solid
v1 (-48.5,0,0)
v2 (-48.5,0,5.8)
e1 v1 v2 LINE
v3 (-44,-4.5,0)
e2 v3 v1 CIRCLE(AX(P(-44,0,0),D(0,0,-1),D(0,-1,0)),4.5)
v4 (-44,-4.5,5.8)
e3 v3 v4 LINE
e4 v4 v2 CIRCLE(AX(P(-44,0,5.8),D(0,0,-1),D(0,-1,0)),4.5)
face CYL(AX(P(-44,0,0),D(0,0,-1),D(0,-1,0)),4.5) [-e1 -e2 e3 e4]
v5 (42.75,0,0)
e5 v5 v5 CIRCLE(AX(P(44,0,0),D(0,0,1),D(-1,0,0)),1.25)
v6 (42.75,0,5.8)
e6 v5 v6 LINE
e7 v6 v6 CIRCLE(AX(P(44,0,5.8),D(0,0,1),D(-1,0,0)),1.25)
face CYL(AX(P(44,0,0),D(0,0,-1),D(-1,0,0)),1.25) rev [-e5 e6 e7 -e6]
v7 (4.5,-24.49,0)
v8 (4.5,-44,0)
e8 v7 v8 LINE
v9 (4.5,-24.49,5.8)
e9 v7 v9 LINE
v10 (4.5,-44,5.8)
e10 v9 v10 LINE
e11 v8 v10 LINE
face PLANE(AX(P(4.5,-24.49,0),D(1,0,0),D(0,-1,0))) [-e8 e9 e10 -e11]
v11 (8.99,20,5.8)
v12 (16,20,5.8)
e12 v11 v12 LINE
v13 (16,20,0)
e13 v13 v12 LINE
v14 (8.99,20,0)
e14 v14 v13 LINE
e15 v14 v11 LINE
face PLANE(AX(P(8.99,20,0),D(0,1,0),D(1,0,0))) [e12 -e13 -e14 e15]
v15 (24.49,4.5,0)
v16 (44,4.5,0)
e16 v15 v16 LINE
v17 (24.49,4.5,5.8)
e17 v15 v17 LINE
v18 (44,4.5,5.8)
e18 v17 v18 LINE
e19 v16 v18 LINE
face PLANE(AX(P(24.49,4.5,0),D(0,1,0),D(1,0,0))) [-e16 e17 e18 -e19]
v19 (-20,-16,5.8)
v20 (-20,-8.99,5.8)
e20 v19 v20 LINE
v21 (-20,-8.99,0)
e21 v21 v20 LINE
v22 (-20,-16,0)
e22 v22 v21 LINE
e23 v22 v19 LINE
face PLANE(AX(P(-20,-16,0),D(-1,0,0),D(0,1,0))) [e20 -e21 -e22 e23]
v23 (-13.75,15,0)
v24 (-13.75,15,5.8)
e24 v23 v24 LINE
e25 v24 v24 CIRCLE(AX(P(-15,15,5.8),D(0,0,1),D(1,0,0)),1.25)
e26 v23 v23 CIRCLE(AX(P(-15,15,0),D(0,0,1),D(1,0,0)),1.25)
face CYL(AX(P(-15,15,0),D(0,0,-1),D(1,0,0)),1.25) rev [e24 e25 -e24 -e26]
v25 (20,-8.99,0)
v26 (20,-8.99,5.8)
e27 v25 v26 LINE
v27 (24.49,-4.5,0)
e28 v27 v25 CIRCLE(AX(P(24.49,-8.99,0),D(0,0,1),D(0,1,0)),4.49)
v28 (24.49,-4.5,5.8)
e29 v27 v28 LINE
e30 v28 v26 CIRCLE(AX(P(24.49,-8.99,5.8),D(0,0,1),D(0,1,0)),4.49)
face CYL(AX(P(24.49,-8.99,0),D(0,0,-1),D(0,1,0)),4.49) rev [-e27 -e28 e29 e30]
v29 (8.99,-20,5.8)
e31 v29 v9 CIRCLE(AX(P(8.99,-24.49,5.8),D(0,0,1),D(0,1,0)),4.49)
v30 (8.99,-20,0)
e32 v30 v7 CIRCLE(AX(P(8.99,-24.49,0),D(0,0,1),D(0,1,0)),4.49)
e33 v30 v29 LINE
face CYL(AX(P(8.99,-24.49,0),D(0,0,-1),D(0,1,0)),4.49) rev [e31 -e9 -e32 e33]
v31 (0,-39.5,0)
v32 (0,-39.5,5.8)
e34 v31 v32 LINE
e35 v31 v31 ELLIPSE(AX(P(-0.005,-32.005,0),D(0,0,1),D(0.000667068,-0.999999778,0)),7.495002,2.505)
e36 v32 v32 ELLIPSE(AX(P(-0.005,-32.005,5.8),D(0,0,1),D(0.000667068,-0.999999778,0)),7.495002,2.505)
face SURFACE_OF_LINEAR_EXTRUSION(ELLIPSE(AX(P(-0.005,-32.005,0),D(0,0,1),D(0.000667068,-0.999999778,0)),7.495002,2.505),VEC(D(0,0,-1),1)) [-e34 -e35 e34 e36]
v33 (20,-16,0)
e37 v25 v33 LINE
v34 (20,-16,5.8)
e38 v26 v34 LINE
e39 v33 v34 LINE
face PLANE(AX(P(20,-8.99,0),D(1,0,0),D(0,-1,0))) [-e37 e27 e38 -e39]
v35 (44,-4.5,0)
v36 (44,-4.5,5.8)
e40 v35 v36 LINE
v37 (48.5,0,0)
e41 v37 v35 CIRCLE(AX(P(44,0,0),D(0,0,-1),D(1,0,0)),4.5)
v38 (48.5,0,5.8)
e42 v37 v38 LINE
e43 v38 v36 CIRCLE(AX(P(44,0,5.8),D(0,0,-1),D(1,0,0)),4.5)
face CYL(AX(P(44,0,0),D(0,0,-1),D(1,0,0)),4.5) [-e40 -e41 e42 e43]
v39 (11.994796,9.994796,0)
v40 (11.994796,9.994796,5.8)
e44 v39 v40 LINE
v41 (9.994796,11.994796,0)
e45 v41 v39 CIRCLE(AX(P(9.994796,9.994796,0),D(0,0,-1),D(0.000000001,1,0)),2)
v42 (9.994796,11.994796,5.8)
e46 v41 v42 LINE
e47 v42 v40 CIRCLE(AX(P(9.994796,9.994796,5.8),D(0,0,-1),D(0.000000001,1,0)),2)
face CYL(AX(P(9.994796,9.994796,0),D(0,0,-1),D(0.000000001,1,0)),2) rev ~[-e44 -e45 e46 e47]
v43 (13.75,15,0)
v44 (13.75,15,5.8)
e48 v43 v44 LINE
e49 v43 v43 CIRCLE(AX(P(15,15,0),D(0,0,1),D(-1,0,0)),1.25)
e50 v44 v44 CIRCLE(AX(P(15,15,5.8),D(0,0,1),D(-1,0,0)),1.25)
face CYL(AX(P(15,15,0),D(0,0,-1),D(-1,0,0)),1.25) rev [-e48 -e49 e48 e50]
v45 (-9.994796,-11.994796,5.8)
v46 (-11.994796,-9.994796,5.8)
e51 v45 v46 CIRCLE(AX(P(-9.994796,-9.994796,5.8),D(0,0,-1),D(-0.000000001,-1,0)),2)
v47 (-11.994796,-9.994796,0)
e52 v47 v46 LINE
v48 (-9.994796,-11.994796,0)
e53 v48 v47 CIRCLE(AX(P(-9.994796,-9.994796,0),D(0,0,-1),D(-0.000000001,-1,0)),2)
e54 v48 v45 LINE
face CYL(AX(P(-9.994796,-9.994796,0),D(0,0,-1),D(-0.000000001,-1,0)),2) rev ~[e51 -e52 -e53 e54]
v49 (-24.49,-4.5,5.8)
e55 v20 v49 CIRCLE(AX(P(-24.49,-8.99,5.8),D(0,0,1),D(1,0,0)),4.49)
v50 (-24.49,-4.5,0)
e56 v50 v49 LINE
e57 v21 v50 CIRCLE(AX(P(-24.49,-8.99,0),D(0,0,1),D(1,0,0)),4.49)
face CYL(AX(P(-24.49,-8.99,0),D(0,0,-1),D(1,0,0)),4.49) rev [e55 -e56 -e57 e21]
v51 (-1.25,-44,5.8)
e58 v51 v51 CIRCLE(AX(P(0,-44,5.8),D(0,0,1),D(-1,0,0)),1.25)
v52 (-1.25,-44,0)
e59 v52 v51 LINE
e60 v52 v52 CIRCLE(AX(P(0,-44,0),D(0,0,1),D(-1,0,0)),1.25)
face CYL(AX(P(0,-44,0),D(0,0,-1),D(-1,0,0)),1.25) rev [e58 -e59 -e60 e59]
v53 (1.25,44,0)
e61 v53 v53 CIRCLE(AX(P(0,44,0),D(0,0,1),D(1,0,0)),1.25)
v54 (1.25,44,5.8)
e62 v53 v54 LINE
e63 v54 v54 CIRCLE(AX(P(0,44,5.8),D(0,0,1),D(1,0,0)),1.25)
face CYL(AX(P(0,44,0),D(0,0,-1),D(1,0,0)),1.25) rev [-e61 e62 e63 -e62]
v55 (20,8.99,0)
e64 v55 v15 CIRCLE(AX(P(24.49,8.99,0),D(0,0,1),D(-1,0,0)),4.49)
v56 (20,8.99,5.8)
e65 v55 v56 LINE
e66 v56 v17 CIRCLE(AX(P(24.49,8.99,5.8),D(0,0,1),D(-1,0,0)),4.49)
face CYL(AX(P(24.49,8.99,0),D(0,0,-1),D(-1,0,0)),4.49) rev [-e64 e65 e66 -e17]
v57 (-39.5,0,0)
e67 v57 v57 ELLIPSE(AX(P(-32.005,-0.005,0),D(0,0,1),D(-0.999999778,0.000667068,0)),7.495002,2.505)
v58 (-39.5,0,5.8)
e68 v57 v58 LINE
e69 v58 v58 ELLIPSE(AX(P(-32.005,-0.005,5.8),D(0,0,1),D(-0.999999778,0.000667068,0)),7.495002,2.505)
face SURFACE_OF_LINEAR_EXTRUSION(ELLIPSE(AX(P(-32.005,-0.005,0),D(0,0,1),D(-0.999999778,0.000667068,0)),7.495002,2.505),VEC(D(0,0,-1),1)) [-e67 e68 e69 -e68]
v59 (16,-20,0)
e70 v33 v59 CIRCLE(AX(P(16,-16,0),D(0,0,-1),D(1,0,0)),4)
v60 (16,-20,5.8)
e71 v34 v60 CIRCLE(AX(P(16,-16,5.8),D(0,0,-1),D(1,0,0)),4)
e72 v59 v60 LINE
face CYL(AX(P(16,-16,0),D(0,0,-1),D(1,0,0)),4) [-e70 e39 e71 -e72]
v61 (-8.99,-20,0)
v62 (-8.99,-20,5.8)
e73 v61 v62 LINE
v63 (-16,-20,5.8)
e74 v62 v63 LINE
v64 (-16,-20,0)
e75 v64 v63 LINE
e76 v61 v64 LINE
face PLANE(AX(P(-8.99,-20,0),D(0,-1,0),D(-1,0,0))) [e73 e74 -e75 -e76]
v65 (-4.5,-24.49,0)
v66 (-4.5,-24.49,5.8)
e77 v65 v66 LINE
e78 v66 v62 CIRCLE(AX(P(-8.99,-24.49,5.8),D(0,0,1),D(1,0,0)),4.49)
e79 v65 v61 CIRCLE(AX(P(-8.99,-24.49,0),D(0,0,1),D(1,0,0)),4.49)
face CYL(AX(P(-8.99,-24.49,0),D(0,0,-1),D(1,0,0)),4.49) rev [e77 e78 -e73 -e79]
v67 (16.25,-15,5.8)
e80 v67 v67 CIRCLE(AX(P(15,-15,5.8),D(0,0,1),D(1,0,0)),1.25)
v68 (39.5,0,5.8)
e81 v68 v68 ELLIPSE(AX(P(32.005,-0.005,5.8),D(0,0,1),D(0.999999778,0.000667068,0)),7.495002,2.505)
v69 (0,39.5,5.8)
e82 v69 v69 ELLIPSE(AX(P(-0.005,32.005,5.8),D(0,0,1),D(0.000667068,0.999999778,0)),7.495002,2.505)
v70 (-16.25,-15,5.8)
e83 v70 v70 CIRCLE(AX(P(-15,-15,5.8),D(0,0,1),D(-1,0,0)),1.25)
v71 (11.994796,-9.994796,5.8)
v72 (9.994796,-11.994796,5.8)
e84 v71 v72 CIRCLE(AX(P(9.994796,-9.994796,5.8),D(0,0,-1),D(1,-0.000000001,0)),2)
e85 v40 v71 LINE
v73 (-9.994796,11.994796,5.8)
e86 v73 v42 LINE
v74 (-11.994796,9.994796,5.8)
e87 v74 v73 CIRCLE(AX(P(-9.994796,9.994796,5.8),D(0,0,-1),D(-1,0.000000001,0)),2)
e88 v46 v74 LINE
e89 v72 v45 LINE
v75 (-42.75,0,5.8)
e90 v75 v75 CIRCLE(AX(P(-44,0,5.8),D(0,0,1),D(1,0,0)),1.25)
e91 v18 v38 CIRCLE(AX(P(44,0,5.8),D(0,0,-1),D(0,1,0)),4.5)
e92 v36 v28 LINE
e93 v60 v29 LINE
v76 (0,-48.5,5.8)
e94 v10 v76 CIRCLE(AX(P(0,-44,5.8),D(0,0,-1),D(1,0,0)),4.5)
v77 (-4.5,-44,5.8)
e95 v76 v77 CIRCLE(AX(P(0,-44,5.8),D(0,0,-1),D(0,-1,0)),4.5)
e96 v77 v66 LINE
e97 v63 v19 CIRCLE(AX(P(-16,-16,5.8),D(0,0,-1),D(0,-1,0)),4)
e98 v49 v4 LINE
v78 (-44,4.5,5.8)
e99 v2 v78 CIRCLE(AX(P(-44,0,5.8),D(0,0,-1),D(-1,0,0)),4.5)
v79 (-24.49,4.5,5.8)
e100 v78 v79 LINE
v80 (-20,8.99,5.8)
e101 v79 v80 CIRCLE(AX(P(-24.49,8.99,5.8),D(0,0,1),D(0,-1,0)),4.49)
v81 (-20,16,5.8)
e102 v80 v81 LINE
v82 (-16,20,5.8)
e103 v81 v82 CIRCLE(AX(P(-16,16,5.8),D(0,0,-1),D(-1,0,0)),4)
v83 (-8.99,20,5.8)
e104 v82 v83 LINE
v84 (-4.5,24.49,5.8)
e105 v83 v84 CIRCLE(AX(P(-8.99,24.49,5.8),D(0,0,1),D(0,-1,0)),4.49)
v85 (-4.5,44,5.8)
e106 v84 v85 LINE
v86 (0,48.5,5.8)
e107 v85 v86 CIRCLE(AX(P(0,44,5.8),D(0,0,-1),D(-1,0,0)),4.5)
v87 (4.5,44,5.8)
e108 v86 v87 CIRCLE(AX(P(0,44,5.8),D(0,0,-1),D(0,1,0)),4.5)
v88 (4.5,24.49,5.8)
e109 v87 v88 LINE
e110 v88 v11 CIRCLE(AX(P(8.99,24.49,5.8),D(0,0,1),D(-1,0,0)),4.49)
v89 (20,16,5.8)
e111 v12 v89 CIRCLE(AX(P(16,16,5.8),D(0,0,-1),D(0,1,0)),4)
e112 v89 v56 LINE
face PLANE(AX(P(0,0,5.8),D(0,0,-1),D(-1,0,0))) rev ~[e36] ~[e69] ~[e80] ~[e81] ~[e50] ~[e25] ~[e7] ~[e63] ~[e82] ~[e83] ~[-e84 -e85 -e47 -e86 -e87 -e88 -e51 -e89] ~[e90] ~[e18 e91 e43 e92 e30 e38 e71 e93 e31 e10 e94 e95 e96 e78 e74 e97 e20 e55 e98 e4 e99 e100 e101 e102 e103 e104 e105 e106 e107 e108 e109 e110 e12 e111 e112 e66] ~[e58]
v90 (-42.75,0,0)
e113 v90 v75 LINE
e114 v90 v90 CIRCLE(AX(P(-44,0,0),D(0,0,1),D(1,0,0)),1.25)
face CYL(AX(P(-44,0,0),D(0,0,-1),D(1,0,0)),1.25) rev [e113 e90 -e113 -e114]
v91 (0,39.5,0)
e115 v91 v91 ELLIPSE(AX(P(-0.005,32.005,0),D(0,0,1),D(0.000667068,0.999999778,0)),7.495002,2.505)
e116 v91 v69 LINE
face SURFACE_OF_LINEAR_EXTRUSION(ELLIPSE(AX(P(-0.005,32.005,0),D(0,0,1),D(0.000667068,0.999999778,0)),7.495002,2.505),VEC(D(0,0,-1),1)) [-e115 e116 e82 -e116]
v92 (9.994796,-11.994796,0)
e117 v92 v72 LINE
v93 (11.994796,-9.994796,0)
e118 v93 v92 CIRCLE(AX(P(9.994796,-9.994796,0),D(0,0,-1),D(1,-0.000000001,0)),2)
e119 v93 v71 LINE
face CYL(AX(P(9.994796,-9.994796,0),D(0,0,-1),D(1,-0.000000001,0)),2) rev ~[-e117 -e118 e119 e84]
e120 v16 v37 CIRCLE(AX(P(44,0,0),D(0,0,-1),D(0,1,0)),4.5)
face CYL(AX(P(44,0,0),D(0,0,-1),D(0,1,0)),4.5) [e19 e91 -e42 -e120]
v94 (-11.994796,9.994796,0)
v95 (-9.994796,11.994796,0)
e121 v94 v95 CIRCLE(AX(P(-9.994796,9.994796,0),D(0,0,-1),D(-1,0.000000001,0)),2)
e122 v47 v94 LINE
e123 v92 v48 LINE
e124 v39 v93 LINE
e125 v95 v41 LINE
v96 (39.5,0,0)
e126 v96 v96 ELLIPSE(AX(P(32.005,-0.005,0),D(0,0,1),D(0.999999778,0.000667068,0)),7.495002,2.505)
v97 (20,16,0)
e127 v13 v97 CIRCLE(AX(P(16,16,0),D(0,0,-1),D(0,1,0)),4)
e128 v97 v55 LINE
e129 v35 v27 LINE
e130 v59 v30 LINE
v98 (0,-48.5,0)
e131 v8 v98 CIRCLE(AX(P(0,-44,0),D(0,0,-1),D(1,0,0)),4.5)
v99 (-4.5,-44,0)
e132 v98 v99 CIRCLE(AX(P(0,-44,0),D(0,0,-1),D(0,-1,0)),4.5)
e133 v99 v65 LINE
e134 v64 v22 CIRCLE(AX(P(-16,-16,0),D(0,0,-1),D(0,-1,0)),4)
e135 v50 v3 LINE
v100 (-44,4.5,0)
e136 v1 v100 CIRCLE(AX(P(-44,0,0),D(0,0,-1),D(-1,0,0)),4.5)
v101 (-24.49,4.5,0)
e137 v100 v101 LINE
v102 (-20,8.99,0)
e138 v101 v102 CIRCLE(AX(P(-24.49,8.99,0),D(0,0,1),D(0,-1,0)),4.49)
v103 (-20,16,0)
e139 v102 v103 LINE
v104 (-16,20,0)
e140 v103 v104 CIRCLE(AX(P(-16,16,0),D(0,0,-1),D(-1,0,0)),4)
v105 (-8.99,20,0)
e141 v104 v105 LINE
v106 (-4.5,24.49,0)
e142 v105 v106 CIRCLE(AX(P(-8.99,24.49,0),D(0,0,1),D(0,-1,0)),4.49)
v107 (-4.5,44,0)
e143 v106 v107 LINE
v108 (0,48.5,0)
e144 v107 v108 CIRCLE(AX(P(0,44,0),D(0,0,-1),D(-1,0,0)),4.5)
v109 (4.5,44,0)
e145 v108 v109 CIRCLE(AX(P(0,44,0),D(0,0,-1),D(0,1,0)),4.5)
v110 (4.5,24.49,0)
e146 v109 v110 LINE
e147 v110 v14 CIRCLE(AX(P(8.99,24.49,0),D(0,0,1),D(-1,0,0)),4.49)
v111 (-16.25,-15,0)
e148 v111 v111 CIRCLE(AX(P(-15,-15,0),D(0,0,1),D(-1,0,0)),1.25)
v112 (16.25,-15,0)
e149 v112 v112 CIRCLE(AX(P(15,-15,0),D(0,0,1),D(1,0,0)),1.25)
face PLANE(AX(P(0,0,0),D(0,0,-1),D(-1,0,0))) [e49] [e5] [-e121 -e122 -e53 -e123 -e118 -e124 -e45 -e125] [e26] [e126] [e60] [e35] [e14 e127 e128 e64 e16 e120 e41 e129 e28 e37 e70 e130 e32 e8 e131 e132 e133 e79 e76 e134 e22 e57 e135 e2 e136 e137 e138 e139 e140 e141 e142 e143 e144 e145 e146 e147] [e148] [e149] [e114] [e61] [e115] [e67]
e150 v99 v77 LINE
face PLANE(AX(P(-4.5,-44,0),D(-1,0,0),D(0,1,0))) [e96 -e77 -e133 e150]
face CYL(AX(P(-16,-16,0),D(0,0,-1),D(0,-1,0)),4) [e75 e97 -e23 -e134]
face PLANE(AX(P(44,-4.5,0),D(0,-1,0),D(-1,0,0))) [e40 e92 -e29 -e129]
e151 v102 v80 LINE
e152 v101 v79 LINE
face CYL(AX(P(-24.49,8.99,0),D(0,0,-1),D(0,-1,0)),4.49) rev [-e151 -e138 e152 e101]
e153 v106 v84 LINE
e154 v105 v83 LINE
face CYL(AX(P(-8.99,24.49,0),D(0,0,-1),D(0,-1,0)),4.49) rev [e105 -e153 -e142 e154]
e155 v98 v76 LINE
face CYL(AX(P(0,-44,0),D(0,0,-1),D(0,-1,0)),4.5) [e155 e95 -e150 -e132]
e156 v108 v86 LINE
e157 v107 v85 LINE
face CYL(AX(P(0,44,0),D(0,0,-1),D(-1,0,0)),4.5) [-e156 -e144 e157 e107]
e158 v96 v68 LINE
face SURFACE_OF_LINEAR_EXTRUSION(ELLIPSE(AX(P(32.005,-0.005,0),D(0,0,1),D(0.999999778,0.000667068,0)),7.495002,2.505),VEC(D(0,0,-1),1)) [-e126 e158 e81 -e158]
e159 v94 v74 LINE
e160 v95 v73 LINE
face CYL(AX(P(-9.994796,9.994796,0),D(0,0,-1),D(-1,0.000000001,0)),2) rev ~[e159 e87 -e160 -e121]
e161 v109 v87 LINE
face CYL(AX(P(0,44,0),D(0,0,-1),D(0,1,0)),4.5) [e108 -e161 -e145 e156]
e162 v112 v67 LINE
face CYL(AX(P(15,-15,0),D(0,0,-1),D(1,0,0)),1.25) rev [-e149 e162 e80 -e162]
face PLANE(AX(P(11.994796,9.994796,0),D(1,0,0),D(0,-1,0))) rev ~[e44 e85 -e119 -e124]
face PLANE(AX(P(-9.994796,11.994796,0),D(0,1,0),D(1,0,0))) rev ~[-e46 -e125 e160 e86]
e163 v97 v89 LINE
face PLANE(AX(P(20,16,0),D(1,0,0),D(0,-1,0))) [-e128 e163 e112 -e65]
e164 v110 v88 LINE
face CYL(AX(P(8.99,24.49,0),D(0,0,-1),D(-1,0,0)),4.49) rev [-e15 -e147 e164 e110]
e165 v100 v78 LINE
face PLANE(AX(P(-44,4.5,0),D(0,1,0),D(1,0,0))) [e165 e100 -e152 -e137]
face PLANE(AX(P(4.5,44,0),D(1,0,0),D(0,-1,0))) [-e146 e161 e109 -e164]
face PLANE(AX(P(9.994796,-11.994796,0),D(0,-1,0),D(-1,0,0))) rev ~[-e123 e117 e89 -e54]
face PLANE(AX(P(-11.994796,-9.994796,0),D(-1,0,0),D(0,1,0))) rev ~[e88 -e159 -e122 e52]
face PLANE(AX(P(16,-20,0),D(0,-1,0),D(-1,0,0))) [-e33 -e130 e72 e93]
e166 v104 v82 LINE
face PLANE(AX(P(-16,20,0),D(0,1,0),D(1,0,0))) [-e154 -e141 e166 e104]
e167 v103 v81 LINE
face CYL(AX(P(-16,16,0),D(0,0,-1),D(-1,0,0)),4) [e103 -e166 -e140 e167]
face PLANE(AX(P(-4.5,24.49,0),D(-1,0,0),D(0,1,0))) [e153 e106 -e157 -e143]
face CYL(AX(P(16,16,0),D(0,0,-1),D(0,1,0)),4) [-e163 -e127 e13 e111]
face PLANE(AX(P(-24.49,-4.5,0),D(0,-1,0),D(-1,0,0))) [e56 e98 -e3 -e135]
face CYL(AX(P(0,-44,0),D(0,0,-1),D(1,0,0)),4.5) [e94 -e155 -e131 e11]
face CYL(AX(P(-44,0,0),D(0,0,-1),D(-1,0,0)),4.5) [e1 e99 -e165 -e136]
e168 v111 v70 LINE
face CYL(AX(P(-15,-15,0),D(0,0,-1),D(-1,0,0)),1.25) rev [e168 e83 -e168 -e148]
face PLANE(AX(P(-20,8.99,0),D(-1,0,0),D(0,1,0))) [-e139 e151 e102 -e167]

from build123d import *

# Parameters (mm, degrees)
SKETCH1_R           = 1.25
SKETCH1_RX          = 7.495001668
SKETCH1_RY          = 2.505000234
BOSS_EXTRUDE1_DEPTH = 5.8


with BuildPart() as part:
    # Sketch1 → Boss-Extrude1 (new body)
    with BuildSketch(Plane.XY):
        with BuildLine():
            Line((-16, 20), (-8.99, 20))
            ThreePointArc((-8.99, 20), (-5.815090552, 21.315090552), (-4.5, 24.49))
            Line((-4.5, 24.49), (-4.5, 44))
            ThreePointArc((-4.5, 44), (-3.181980515, 47.181980515), (0, 48.5))
            ThreePointArc((0, 48.5), (3.181980515, 47.181980515), (4.5, 44))
            Line((4.5, 44), (4.5, 24.49))
            ThreePointArc((4.5, 24.49), (5.815090552, 21.315090552), (8.99, 20))
            Line((8.99, 20), (16, 20))
            ThreePointArc((16, 20), (18.828427125, 18.828427125), (20, 16))
            Line((20, 16), (20, 8.99))
            ThreePointArc((20, 8.99), (21.315090552, 5.815090552), (24.49, 4.5))
            Line((24.49, 4.5), (44, 4.5))
            ThreePointArc((44, 4.5), (47.181980515, 3.181980515), (48.5, 0))
            ThreePointArc((48.5, 0), (47.181980515, -3.181980515), (44, -4.5))
            Line((44, -4.5), (24.49, -4.5))
            ThreePointArc((24.49, -4.5), (21.315090552, -5.815090552), (20, -8.99))
            Line((20, -8.99), (20, -16))
            ThreePointArc((20, -16), (18.828427125, -18.828427125), (16, -20))
            Line((16, -20), (8.99, -20))
            ThreePointArc((8.99, -20), (5.815090552, -21.315090552), (4.5, -24.49))
            Line((4.5, -24.49), (4.5, -44))
            ThreePointArc((4.5, -44), (3.181980515, -47.181980515), (0, -48.5))
            ThreePointArc((0, -48.5), (-3.181980515, -47.181980515), (-4.5, -44))
            Line((-4.5, -44), (-4.5, -24.49))
            ThreePointArc((-4.5, -24.49), (-5.815090552, -21.315090552), (-8.99, -20))
            Line((-8.99, -20), (-16, -20))
            ThreePointArc((-16, -20), (-18.828427125, -18.828427125), (-20, -16))
            Line((-20, -16), (-20, -8.99))
            ThreePointArc((-20, -8.99), (-21.315090552, -5.815090552), (-24.49, -4.5))
            Line((-24.49, -4.5), (-44, -4.5))
            ThreePointArc((-44, -4.5), (-47.181980515, -3.181980515), (-48.5, 0))
            ThreePointArc((-48.5, 0), (-47.181980515, 3.181980515), (-44, 4.5))
            Line((-44, 4.5), (-24.49, 4.5))
            ThreePointArc((-24.49, 4.5), (-21.315090552, 5.815090552), (-20, 8.99))
            Line((-20, 8.99), (-20, 16))
            ThreePointArc((-20, 16), (-18.828427125, 18.828427125), (-16, 20))
        make_face()
        with Locations((0, 44)):
            Circle(SKETCH1_R, mode=Mode.SUBTRACT)
        with Locations((-15, 15)):
            Circle(SKETCH1_R, mode=Mode.SUBTRACT)
        with Locations(Location((15, 15, 0), (0, 0, 180))):
            Circle(SKETCH1_R, mode=Mode.SUBTRACT)
        with Locations((15, -15)):
            Circle(SKETCH1_R, mode=Mode.SUBTRACT)
        with Locations(Location((-15, -15, 0), (0, 0, 180))):
            Circle(SKETCH1_R, mode=Mode.SUBTRACT)
        with Locations(Location((44, 0, 0), (0, 0, 180))):
            Circle(SKETCH1_R, mode=Mode.SUBTRACT)
        with Locations(Location((0, -44, 0), (0, 0, 180))):
            Circle(SKETCH1_R, mode=Mode.SUBTRACT)
        with Locations((-44, 0)):
            Circle(SKETCH1_R, mode=Mode.SUBTRACT)
        with Locations(Location((-0.004999676, 32.005), (0, 0, 89.961779812))):
            Ellipse(SKETCH1_RX, SKETCH1_RY, mode=Mode.SUBTRACT)
        with Locations(Location((32.005, -0.004999676), (0, 0, 0.038220188))):
            Ellipse(SKETCH1_RX, SKETCH1_RY, mode=Mode.SUBTRACT)
        with Locations(Location((-0.004999676, -32.005), (0, 0, -89.961779812))):
            Ellipse(SKETCH1_RX, SKETCH1_RY, mode=Mode.SUBTRACT)
        with Locations(Location((-32.005, -0.004999676), (0, 0, 179.961779812))):
            Ellipse(SKETCH1_RX, SKETCH1_RY, mode=Mode.SUBTRACT)
        with BuildLine():
            Line((9.99479618, -11.99479618), (-9.99479618, -11.99479618))
            ThreePointArc((-9.99479618, -11.99479618), (-11.409009742, -11.409009742), (-11.99479618, -9.99479618))
            Line((-11.99479618, -9.99479618), (-11.99479618, 9.99479618))
            ThreePointArc((-11.99479618, 9.99479618), (-11.409009742, 11.409009742), (-9.99479618, 11.99479618))
            Line((-9.99479618, 11.99479618), (9.99479618, 11.99479618))
            ThreePointArc((9.99479618, 11.99479618), (11.409009742, 11.409009742), (11.99479618, 9.99479618))
            Line((11.99479618, 9.99479618), (11.99479618, -9.99479618))
            ThreePointArc((11.99479618, -9.99479618), (11.409009742, -11.409009742), (9.99479618, -11.99479618))
        make_face(mode=Mode.SUBTRACT)
    extrude(amount=BOSS_EXTRUDE1_DEPTH)


solid = part.part
